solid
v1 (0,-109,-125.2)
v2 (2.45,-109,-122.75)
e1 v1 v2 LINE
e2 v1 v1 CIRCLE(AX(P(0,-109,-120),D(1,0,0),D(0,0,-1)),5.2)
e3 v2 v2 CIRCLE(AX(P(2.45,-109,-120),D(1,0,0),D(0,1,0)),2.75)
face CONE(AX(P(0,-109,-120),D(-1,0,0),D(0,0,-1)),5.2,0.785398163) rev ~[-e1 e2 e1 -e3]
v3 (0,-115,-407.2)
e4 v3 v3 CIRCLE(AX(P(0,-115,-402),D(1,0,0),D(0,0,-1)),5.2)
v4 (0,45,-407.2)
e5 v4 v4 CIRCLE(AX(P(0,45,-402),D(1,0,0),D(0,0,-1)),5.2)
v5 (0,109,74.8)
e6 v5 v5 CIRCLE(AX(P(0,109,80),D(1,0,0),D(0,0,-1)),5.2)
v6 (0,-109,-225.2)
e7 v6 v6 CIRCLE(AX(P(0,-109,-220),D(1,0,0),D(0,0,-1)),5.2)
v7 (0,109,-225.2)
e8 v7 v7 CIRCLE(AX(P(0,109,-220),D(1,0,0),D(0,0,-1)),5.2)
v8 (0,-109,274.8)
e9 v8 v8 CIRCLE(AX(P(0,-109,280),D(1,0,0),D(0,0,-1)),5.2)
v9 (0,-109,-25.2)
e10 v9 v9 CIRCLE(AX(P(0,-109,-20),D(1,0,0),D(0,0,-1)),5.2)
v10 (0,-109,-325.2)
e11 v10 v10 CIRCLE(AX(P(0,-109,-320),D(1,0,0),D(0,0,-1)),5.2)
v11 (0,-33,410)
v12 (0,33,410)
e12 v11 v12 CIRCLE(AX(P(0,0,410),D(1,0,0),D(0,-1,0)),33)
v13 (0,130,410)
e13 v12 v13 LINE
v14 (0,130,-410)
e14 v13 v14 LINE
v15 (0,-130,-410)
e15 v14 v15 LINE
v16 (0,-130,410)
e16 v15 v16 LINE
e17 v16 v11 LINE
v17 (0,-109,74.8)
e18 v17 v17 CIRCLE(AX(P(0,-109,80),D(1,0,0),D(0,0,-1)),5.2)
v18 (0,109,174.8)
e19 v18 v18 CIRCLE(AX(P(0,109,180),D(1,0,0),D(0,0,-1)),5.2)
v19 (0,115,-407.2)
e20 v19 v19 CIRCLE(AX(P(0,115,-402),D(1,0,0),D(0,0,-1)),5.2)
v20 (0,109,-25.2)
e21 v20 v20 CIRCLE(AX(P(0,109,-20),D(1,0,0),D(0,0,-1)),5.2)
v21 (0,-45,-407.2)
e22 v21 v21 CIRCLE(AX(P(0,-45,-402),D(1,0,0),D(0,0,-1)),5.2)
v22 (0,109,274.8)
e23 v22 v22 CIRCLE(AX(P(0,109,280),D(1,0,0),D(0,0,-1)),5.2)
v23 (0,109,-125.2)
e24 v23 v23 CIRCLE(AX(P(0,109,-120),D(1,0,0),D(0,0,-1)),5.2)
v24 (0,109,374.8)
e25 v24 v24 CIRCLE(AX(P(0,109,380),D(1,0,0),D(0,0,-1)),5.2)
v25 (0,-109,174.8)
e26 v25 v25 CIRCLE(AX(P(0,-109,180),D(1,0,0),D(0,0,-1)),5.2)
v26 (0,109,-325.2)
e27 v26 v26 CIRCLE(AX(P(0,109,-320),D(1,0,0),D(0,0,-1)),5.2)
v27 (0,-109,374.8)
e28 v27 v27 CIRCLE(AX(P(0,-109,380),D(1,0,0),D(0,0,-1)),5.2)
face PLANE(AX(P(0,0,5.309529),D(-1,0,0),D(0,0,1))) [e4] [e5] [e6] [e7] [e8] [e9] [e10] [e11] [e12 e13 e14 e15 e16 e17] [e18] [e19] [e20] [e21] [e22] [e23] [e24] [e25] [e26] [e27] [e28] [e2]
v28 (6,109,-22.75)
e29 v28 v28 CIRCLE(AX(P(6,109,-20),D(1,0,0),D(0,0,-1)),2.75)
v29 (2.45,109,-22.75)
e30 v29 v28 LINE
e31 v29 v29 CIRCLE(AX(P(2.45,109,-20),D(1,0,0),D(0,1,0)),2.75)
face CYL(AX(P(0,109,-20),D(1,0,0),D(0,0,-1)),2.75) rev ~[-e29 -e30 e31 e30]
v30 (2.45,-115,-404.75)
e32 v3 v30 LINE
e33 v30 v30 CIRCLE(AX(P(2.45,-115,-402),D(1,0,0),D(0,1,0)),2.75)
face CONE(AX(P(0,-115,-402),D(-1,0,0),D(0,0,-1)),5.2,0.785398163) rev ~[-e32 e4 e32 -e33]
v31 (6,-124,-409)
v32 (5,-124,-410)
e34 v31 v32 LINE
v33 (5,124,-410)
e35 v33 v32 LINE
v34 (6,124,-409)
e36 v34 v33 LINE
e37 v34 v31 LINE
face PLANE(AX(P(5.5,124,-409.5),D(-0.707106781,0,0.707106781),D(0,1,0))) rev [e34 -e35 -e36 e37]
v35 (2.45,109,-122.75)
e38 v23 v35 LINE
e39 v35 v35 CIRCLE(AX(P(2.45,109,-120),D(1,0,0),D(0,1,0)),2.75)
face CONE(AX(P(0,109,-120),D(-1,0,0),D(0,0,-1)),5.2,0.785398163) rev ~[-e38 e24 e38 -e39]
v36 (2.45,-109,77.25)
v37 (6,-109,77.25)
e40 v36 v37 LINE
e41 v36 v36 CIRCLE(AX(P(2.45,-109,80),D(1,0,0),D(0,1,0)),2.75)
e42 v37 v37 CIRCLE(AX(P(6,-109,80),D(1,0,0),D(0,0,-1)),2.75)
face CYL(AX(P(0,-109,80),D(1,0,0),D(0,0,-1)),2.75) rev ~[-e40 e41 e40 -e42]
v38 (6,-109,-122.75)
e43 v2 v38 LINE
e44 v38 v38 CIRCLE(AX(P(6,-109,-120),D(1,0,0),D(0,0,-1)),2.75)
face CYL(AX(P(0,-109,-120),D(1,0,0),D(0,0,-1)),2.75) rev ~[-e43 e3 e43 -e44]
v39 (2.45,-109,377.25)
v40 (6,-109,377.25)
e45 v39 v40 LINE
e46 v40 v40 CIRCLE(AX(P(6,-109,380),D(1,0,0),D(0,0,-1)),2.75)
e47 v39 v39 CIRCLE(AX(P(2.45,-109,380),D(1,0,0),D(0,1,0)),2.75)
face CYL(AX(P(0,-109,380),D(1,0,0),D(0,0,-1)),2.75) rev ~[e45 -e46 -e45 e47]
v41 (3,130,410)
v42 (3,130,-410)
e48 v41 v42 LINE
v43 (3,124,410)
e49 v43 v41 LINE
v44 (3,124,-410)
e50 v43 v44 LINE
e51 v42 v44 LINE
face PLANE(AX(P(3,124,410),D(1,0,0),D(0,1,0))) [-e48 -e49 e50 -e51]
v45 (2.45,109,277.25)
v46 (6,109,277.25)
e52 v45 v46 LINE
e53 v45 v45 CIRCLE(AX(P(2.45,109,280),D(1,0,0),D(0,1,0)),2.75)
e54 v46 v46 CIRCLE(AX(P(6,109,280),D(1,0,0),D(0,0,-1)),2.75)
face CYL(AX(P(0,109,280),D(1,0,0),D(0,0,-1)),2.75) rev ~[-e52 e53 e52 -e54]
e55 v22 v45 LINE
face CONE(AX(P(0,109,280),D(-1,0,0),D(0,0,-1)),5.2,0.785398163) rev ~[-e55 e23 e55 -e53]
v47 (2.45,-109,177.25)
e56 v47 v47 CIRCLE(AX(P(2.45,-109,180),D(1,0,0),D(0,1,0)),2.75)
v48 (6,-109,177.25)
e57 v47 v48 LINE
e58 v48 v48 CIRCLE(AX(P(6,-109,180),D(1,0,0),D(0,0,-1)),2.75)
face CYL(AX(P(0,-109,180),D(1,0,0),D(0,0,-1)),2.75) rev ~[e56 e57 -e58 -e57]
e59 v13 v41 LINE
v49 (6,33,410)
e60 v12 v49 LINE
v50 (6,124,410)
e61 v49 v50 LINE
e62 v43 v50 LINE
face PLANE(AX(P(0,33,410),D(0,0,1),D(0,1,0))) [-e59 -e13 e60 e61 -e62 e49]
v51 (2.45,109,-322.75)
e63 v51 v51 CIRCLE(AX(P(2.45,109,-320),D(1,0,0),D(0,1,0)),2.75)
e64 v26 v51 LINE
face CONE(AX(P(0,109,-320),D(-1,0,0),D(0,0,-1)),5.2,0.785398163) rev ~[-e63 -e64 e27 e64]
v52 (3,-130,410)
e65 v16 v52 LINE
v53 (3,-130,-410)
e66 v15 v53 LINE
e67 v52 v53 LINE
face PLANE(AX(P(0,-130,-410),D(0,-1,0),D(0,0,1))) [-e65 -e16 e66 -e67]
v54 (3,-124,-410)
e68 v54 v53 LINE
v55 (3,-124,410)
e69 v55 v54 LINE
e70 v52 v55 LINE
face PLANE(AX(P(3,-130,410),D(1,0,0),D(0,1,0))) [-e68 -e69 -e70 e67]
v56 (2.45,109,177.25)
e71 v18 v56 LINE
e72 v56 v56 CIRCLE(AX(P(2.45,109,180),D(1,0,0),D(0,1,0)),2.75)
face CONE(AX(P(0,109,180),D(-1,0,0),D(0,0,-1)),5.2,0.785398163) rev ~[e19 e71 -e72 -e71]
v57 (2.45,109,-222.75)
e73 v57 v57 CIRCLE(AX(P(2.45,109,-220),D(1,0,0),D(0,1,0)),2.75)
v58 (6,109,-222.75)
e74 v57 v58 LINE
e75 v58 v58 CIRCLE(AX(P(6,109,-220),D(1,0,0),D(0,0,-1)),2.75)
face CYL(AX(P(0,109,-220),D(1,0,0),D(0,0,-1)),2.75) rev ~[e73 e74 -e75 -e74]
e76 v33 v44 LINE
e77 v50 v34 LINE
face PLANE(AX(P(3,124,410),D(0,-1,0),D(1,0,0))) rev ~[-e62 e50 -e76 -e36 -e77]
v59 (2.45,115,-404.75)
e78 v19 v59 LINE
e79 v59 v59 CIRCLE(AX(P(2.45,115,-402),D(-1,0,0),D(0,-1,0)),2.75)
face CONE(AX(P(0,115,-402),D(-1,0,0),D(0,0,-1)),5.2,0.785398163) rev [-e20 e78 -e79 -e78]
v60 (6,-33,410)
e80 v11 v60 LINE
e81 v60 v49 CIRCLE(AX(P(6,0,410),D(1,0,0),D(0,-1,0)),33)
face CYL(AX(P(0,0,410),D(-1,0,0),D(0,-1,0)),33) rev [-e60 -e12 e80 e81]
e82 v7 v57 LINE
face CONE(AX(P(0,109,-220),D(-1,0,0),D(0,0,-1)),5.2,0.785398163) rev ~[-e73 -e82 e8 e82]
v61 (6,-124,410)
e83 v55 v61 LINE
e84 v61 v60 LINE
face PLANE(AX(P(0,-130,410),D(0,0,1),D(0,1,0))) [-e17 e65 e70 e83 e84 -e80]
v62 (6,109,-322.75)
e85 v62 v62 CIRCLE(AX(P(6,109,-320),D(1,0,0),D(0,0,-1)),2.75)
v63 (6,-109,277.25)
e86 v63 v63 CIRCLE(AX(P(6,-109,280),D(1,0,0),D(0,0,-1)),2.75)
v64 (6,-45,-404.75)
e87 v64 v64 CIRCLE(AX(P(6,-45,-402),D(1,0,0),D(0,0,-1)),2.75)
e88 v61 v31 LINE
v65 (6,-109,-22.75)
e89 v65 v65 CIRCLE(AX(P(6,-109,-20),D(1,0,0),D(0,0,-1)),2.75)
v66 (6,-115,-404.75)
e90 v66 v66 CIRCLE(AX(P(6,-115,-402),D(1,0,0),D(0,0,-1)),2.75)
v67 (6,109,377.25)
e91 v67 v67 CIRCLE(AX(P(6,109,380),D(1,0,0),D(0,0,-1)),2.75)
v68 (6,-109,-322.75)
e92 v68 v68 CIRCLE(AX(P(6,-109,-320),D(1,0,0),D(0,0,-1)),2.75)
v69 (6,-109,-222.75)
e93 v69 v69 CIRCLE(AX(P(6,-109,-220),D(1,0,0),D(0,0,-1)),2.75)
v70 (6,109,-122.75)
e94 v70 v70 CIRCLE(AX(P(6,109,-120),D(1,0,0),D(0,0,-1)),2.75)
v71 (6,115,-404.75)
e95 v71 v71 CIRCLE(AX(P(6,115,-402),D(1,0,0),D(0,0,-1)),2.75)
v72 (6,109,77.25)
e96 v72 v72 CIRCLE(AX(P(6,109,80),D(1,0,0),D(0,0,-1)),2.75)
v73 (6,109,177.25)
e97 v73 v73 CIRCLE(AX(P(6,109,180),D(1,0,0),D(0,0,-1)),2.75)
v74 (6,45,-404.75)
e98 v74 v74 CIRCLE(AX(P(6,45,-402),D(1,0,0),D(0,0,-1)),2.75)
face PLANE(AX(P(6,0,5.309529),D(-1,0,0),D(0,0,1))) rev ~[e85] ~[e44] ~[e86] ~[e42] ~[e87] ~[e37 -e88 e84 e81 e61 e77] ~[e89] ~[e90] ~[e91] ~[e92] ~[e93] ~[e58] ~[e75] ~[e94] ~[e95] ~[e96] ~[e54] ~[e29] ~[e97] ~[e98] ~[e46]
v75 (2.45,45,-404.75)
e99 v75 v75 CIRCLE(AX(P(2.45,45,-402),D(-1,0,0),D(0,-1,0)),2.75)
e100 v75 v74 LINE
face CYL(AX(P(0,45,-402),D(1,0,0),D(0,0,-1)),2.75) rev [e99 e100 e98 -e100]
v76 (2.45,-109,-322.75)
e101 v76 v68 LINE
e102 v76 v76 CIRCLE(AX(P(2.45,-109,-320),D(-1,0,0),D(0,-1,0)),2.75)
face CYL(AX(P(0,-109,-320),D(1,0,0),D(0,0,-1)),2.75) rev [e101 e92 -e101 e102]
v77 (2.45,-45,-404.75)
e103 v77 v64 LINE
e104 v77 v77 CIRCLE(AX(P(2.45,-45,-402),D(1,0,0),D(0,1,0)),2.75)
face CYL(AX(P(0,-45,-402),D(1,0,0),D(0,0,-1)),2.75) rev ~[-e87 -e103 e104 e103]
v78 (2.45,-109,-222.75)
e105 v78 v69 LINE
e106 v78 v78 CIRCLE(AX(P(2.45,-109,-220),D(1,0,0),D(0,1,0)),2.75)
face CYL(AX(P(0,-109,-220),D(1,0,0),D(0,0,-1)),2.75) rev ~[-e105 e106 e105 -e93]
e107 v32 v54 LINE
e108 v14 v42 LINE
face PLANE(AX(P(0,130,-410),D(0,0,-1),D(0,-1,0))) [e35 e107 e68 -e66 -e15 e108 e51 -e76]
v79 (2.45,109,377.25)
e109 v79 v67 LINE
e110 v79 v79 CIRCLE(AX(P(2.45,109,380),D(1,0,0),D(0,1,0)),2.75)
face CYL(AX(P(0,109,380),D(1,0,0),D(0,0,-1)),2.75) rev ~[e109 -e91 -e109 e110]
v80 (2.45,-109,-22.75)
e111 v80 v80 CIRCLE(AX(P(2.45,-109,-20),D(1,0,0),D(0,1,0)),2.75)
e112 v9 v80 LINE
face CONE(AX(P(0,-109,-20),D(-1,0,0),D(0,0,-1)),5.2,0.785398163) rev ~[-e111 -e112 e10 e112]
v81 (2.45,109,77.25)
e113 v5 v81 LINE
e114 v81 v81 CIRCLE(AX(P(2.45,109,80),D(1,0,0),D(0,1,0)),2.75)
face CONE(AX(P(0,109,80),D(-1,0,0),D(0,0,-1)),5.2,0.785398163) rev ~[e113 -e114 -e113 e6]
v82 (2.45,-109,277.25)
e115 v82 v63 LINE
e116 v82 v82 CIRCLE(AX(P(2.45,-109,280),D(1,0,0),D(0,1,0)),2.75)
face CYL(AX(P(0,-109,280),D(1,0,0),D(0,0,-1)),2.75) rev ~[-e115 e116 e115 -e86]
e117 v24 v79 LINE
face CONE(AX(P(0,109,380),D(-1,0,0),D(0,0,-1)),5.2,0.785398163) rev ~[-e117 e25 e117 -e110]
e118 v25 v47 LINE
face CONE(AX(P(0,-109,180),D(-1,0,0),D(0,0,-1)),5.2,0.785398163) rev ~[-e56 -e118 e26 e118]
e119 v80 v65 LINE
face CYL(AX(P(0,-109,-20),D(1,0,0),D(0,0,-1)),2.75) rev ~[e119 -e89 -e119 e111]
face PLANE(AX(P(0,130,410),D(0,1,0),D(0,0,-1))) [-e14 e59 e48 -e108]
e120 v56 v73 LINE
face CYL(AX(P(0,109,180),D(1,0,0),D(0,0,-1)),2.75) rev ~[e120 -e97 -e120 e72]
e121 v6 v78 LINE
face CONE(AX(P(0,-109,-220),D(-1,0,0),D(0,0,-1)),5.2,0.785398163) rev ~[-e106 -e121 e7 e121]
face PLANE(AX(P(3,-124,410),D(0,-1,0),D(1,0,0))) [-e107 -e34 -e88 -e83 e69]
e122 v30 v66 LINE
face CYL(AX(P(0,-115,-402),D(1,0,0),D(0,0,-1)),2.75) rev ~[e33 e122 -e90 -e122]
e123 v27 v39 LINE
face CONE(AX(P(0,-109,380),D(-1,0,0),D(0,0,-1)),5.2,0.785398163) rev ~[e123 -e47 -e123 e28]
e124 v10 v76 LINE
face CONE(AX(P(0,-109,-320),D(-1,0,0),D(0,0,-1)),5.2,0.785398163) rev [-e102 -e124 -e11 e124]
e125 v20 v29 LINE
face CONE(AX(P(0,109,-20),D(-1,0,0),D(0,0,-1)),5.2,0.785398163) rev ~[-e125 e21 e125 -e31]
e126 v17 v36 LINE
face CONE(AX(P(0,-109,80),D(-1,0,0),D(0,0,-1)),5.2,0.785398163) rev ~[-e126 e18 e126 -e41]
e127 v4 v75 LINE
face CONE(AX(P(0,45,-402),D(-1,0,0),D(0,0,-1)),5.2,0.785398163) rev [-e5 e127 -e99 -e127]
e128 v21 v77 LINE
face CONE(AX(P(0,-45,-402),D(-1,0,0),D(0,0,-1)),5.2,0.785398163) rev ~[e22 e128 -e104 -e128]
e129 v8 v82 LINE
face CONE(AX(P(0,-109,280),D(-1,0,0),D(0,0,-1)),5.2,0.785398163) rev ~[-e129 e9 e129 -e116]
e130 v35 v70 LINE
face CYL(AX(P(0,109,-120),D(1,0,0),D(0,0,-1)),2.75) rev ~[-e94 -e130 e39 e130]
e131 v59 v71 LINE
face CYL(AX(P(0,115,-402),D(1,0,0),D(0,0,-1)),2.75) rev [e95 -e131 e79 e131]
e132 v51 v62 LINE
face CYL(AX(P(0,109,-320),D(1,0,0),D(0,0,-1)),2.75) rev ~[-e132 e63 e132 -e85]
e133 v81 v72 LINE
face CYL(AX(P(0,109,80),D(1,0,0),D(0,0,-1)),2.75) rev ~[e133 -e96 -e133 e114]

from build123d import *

# Parameters (mm, degrees)
BOSS_EXTRUDE1_DEPTH                                  = 6
SKIZZE1_W                                            = 3
SKIZZE1_H                                            = 6
SCHNITT_LINEAR_AUSTRAGEN1_DEPTH                      = 831.262609058
FORMSENKUNG_FUR_M5_LINSENSENKSCHRAUBE_MI_D           = 5.5
FORMSENKUNG_FUR_M5_LINSENSENKSCHRAUBE_MI_CSINK_D     = 10.4
FORMSENKUNG_FUR_M5_LINSENSENKSCHRAUBE_MI_CSINK_ANGLE = 90
CHAMFER1_SIZE                                        = 1
CSK_FOR_M5_COUNTERSUNK_RAISED_HEAD_SCREW_D           = 5.5
CSK_FOR_M5_COUNTERSUNK_RAISED_HEAD_SCREW_CSINK_D     = 10.4
CSK_FOR_M5_COUNTERSUNK_RAISED_HEAD_SCREW_CSINK_ANGLE = 90
LPATTERN1_COUNT                                      = 8
LPATTERN1_PITCH                                      = 100
SPIEGELN1_COPY_1_D                                   = 5.5
SPIEGELN1_COPY_1_CSINK_D                             = 10.4
SPIEGELN1_COPY_1_CSINK_ANGLE                         = 90
SPIEGELN1_COPY_2_D                                   = 5.5
SPIEGELN1_COPY_2_CSINK_D                             = 10.4
SPIEGELN1_COPY_2_CSINK_ANGLE                         = 90
SPIEGELN1_COPY_3_D                                   = 5.5
SPIEGELN1_COPY_3_CSINK_D                             = 10.4
SPIEGELN1_COPY_3_CSINK_ANGLE                         = 90
SPIEGELN1_COPY_4_D                                   = 5.5
SPIEGELN1_COPY_4_CSINK_D                             = 10.4
SPIEGELN1_COPY_4_CSINK_ANGLE                         = 90
SPIEGELN1_COPY_5_D                                   = 5.5
SPIEGELN1_COPY_5_CSINK_D                             = 10.4
SPIEGELN1_COPY_5_CSINK_ANGLE                         = 90
SPIEGELN1_COPY_6_D                                   = 5.5
SPIEGELN1_COPY_6_CSINK_D                             = 10.4
SPIEGELN1_COPY_6_CSINK_ANGLE                         = 90
SPIEGELN1_COPY_7_D                                   = 5.5
SPIEGELN1_COPY_7_CSINK_D                             = 10.4
SPIEGELN1_COPY_7_CSINK_ANGLE                         = 90


with BuildPart() as part:
    # Sketch1 → Boss-Extrude1 (new body)
    with BuildSketch(Plane(origin=(0, 0, 0), x_dir=(0, 0, -1), z_dir=(1, 0, 0))):
        with BuildLine():
            Line((-410, 130), (410, 130))
            Line((410, 130), (410, -130))
            Line((410, -130), (-410, -130))
            Line((-410, -130), (-410, -33))
            ThreePointArc((-410, -33), (-377, 0), (-410, 33))
            Line((-410, 33), (-410, 130))
        make_face()
    extrude(amount=BOSS_EXTRUDE1_DEPTH)

    # Skizze1 → Schnitt-Linear austragen1 (cut, through all)
    with BuildSketch(Plane.XY.offset(410)):
        with Locations((4.5, -127)):
            Rectangle(SKIZZE1_W, SKIZZE1_H)
        with Locations((4.5, 127)):
            Rectangle(SKIZZE1_W, SKIZZE1_H)
    extrude(amount=-SCHNITT_LINEAR_AUSTRAGEN1_DEPTH, mode=Mode.SUBTRACT)

    # Formsenkung fur M5 Linsensenkschraube mit Schlitz1 (through all)
    with Locations(Plane.ZY):
        with Locations((-402, -115), (-402, -45)):
            formsenkung_fur_m5_linsensenkschraube_mi = CounterSinkHole(FORMSENKUNG_FUR_M5_LINSENSENKSCHRAUBE_MI_D / 2, FORMSENKUNG_FUR_M5_LINSENSENKSCHRAUBE_MI_CSINK_D / 2, counter_sink_angle=FORMSENKUNG_FUR_M5_LINSENSENKSCHRAUBE_MI_CSINK_ANGLE)

    # Chamfer1
    chamfer1_edges = [part.edges().sort_by_distance(p)[0] for p in [
        (6, 0, -410),
    ]]
    chamfer(chamfer1_edges, length=CHAMFER1_SIZE)

    # CSK for M5 Countersunk Raised Head Screw1 (through all)
    with Locations(Plane.ZY):
        with Locations((-320, 109)):
            csk_for_m5_countersunk_raised_head_screw = CounterSinkHole(CSK_FOR_M5_COUNTERSUNK_RAISED_HEAD_SCREW_D / 2, CSK_FOR_M5_COUNTERSUNK_RAISED_HEAD_SCREW_CSINK_D / 2, counter_sink_angle=CSK_FOR_M5_COUNTERSUNK_RAISED_HEAD_SCREW_CSINK_ANGLE)

    # LPattern1: CSK for M5 Countersunk Raised Head Screw1 ×8
    with Locations(*[(0, 0, i * LPATTERN1_PITCH) for i in range(1, LPATTERN1_COUNT)]):
        add(csk_for_m5_countersunk_raised_head_screw, mode=Mode.SUBTRACT)

    # Spiegeln1: Formsenkung fur M5 Linsensenkschraube mit Schlitz1, CSK for M5 Countersunk Raised Head Screw1 across plane
    add(formsenkung_fur_m5_linsensenkschraube_mi.mirror(Plane.ZX), mode=Mode.SUBTRACT)
    add(csk_for_m5_countersunk_raised_head_screw.mirror(Plane.ZX), mode=Mode.SUBTRACT)

    # Spiegeln1 copy 1 (through all)
    with Locations(Plane(origin=(0, 0, 100), x_dir=(0, 0, 1), z_dir=(-1, 0, 0))):
        with Locations((-320, -109)):
            CounterSinkHole(SPIEGELN1_COPY_1_D / 2, SPIEGELN1_COPY_1_CSINK_D / 2, counter_sink_angle=SPIEGELN1_COPY_1_CSINK_ANGLE)

    # Spiegeln1 copy 2 (through all)
    with Locations(Plane(origin=(0, 0, 200), x_dir=(0, 0, 1), z_dir=(-1, 0, 0))):
        with Locations((-320, -109)):
            CounterSinkHole(SPIEGELN1_COPY_2_D / 2, SPIEGELN1_COPY_2_CSINK_D / 2, counter_sink_angle=SPIEGELN1_COPY_2_CSINK_ANGLE)

    # Spiegeln1 copy 3 (through all)
    with Locations(Plane(origin=(0, 0, 300), x_dir=(0, 0, 1), z_dir=(-1, 0, 0))):
        with Locations((-320, -109)):
            CounterSinkHole(SPIEGELN1_COPY_3_D / 2, SPIEGELN1_COPY_3_CSINK_D / 2, counter_sink_angle=SPIEGELN1_COPY_3_CSINK_ANGLE)

    # Spiegeln1 copy 4 (through all)
    with Locations(Plane(origin=(0, 0, 400), x_dir=(0, 0, 1), z_dir=(-1, 0, 0))):
        with Locations((-320, -109)):
            CounterSinkHole(SPIEGELN1_COPY_4_D / 2, SPIEGELN1_COPY_4_CSINK_D / 2, counter_sink_angle=SPIEGELN1_COPY_4_CSINK_ANGLE)

    # Spiegeln1 copy 5 (through all)
    with Locations(Plane(origin=(0, 0, 500), x_dir=(0, 0, 1), z_dir=(-1, 0, 0))):
        with Locations((-320, -109)):
            CounterSinkHole(SPIEGELN1_COPY_5_D / 2, SPIEGELN1_COPY_5_CSINK_D / 2, counter_sink_angle=SPIEGELN1_COPY_5_CSINK_ANGLE)

    # Spiegeln1 copy 6 (through all)
    with Locations(Plane(origin=(0, 0, 600), x_dir=(0, 0, 1), z_dir=(-1, 0, 0))):
        with Locations((-320, -109)):
            CounterSinkHole(SPIEGELN1_COPY_6_D / 2, SPIEGELN1_COPY_6_CSINK_D / 2, counter_sink_angle=SPIEGELN1_COPY_6_CSINK_ANGLE)

    # Spiegeln1 copy 7 (through all)
    with Locations(Plane(origin=(0, 0, 700), x_dir=(0, 0, 1), z_dir=(-1, 0, 0))):
        with Locations((-320, -109)):
            CounterSinkHole(SPIEGELN1_COPY_7_D / 2, SPIEGELN1_COPY_7_CSINK_D / 2, counter_sink_angle=SPIEGELN1_COPY_7_CSINK_ANGLE)


solid = part.part
